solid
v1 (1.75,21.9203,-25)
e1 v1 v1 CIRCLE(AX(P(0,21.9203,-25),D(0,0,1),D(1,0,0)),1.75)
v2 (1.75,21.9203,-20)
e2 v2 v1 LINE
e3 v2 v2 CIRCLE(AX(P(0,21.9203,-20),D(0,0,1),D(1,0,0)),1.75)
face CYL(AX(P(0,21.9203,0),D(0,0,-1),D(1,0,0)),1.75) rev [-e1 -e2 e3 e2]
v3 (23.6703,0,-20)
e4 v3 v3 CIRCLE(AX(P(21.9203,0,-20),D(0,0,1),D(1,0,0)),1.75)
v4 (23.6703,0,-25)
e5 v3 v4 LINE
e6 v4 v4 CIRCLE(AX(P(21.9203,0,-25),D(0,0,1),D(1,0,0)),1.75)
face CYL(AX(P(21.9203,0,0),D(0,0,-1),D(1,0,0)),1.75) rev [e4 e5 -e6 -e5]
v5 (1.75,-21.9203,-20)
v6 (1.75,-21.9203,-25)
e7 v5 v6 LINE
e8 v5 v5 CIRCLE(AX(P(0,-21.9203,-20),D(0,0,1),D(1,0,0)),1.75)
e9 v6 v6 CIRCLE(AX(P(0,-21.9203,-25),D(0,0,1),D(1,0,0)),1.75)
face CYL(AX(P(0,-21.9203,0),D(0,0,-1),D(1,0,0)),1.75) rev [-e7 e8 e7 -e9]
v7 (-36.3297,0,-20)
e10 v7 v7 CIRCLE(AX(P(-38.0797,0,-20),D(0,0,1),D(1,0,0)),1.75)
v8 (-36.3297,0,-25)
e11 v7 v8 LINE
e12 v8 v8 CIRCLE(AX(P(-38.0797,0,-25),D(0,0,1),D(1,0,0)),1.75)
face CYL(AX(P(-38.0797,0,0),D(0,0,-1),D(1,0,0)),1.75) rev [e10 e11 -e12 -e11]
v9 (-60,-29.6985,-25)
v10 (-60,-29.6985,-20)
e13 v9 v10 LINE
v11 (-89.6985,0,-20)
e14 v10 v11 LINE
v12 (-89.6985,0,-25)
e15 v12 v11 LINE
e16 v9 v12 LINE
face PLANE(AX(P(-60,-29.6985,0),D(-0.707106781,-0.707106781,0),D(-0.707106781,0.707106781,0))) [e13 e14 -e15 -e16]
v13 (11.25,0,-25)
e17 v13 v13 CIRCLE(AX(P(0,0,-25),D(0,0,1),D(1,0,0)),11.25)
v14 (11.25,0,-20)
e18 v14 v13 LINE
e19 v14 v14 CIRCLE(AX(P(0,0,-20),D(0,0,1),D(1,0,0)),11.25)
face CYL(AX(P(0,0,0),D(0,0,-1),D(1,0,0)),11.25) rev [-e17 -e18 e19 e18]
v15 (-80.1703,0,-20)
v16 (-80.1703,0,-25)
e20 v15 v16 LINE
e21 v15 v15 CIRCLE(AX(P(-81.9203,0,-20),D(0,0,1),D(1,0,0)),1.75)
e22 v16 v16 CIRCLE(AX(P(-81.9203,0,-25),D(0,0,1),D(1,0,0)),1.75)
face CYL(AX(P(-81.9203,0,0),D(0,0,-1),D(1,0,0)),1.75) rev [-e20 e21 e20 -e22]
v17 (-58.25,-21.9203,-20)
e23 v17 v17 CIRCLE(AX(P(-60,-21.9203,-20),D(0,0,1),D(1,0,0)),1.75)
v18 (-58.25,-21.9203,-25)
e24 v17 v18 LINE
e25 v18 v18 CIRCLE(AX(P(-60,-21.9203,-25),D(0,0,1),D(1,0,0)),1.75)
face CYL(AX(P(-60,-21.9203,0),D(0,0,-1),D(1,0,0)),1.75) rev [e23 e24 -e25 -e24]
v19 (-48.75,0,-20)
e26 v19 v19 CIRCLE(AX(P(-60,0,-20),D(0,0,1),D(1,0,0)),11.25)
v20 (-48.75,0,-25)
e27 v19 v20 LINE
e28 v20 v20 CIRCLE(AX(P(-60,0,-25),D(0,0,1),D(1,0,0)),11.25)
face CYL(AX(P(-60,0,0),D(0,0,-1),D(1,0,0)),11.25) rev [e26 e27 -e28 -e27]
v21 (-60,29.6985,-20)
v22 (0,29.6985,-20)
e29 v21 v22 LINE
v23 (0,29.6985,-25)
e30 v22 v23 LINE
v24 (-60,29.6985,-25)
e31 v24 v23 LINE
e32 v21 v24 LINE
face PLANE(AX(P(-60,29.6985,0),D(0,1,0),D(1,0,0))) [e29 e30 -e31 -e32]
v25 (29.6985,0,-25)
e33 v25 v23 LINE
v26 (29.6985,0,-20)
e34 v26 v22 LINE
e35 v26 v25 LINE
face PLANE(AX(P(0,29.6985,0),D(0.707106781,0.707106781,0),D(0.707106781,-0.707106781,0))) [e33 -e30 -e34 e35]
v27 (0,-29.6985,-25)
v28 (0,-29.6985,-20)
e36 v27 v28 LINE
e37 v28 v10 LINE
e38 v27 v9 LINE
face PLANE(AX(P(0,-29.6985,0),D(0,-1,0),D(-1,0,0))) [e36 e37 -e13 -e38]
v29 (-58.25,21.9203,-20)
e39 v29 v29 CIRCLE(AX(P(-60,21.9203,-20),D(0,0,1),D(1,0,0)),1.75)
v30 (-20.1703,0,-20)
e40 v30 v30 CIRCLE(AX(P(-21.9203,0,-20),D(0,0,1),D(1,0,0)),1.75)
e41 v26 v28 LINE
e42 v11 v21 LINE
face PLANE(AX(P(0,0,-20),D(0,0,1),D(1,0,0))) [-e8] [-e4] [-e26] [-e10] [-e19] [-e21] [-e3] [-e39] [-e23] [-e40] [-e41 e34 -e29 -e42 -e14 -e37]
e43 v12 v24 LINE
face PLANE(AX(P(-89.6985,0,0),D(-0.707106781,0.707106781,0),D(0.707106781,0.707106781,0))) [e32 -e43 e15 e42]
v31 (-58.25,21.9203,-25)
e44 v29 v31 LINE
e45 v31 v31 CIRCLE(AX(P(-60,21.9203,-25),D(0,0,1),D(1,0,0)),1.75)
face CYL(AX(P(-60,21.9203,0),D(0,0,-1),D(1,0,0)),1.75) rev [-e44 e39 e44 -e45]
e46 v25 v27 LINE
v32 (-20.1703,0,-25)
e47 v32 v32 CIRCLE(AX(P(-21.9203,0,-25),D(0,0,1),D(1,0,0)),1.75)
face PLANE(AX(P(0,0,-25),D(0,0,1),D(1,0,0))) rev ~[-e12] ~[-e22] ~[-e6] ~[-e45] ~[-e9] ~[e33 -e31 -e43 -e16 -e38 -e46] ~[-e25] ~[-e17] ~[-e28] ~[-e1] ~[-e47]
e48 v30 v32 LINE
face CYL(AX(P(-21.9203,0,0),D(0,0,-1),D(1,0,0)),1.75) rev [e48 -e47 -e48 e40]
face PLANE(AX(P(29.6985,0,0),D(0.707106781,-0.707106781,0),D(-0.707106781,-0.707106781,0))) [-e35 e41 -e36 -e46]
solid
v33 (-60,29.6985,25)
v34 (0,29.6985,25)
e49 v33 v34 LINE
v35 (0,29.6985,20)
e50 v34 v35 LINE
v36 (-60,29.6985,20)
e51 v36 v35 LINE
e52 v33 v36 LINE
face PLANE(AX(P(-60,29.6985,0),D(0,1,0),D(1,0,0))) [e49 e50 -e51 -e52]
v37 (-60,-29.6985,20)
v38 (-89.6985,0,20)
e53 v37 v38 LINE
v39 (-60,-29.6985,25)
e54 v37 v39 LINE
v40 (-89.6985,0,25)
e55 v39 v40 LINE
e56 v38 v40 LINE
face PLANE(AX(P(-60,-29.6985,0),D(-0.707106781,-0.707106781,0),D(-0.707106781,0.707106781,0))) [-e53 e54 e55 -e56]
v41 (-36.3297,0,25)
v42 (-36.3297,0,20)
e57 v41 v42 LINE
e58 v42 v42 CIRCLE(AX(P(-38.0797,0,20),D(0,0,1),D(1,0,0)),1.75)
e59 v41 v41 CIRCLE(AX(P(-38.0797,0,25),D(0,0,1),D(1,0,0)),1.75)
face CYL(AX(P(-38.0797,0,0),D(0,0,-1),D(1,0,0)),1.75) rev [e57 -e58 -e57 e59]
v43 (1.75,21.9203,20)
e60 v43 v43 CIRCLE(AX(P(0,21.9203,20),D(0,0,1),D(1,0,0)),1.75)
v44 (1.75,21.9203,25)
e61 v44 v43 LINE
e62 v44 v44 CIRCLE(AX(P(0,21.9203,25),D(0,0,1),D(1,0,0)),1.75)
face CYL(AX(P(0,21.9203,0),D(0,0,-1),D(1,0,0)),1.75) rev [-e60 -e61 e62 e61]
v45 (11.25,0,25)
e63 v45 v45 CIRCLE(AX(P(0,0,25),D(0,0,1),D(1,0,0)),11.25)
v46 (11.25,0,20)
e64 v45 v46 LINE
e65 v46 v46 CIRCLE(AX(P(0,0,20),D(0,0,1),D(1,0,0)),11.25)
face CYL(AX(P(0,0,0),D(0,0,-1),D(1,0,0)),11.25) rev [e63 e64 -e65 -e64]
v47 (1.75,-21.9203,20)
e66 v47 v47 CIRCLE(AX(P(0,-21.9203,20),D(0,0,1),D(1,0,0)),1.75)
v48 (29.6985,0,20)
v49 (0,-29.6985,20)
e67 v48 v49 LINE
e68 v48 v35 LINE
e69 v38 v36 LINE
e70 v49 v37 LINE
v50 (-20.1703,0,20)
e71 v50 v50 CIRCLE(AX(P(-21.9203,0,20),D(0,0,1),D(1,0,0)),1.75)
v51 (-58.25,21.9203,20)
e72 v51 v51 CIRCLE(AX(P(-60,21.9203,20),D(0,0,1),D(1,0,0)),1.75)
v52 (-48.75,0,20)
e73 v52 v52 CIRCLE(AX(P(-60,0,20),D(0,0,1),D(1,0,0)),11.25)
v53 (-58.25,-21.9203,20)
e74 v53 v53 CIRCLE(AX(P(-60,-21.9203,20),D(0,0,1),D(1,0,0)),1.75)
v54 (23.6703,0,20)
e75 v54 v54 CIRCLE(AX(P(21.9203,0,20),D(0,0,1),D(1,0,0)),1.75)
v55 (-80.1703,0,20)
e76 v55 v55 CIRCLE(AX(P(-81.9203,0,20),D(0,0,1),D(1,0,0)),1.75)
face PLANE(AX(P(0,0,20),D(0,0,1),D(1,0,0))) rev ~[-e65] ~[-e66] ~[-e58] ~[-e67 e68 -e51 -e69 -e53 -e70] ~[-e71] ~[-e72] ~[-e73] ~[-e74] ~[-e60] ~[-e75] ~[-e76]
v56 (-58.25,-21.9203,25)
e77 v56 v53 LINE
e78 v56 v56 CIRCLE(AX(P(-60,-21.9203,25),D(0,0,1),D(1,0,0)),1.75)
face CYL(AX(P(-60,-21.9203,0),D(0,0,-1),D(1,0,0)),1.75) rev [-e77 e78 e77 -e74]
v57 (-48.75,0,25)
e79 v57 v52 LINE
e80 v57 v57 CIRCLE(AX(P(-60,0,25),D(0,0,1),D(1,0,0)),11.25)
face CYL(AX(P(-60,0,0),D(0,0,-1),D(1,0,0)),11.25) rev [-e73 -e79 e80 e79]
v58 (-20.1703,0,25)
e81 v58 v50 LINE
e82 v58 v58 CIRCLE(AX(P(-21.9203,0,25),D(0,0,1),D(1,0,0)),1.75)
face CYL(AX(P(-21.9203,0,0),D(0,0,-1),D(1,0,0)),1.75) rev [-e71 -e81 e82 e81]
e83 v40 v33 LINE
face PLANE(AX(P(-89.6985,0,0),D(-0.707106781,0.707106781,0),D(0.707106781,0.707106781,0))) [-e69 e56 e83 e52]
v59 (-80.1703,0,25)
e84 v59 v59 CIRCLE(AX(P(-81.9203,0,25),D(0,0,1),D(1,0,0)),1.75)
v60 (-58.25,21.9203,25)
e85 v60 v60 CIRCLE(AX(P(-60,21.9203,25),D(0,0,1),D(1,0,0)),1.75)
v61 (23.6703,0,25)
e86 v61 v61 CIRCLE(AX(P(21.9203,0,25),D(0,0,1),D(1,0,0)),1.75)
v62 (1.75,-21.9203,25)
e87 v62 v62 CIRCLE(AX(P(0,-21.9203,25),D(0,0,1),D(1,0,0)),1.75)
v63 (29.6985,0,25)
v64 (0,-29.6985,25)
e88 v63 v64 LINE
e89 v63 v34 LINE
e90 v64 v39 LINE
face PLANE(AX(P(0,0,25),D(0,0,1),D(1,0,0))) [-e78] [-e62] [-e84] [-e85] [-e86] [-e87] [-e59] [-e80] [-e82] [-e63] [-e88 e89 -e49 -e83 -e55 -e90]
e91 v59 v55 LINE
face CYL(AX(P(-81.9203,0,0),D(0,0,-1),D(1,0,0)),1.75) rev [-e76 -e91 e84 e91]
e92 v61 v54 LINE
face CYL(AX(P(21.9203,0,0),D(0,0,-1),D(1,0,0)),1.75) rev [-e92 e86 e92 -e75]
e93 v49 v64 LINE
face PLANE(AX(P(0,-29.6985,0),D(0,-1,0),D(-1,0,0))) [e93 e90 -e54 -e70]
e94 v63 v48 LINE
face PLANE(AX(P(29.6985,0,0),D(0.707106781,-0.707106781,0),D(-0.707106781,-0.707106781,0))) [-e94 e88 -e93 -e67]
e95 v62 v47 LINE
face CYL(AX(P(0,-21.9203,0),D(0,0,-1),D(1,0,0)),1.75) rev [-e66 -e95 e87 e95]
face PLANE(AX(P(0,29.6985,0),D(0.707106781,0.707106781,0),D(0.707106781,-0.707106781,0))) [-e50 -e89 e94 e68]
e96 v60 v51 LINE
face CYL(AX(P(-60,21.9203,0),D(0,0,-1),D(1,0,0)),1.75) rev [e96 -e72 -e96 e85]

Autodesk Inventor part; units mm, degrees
ref_plane "YZ Plane" through (0, 0, 0) normal (1, 0, 0) x (0, 1, 0)
ref_plane "XZ Plane" through (0, 0, 0) normal (0, 1, 0) x (-1, 0, 0)
ref_plane "XY Plane" through (0, 0, 0) normal (0, 0, 1) x (1, 0, 0)
sketch "Sketch1" plane through (0, 0, 0) normal (0, 0, 1) x (1, 0, 0)
  circle A0 centre (0, 0) radius 5.093 construction
  circle A1 centre (99, 0) radius 74.8028 construction
  line L0 (46.3283, 53.1146) -> (-3.5862, 3.6163) construction
  line L1 (-3.5862, -3.6163) -> (46.3283, -53.1146) construction
  circle A2 centre (-60, 0) radius 5.093 construction
  line L2 (66.2044, 67.2303) -> (-62.2329, 4.5774) construction
  line L3 (66.2044, -67.2303) -> (-62.2329, -4.5774) construction
  line L4 (-60, -29.6985) -> (-89.6985, 0) construction
  line L5 (-89.6985, 0) -> (-60, 29.6985) construction
  line L6 (-60, 29.6985) -> (-30.3015, 0) construction
  line L7 (-30.3015, 0) -> (-60, -29.6985) construction
  line L8 (-29.6985, 0) -> (0, 29.6985) construction
  line L9 (0, 29.6985) -> (29.6985, 0) construction
  line L10 (29.6985, 0) -> (0, -29.6985) construction
  line L11 (0, -29.6985) -> (-29.6985, 0) construction
  circle A3 centre (-60, 0) radius 11.25
  circle A4 centre (0, 0) radius 11.25
  line L12 (-21.9203, 0) -> (0, 21.9203) construction
  line L13 (0, 21.9203) -> (21.9203, 0) construction
  line L14 (21.9203, 0) -> (0, -21.9203) construction
  line L15 (0, -21.9203) -> (-21.9203, 0) construction
  line L16 (-60, 21.9203) -> (-38.0797, 0) construction
  line L17 (-38.0797, 0) -> (-60, -21.9203) construction
  line L18 (-60, -21.9203) -> (-81.9203, 0) construction
  line L19 (-81.9203, 0) -> (-60, 21.9203) construction
  circle A5 centre (-81.9203, 0) radius 1.75
  circle A6 centre (-60, 21.9203) radius 1.75
  circle A7 centre (-38.0797, 0) radius 1.75
  circle A8 centre (-60, -21.9203) radius 1.75
  circle A9 centre (0, -21.9203) radius 1.75
  circle A10 centre (-21.9203, 0) radius 1.75
  circle A11 centre (0, 21.9203) radius 1.75
  circle A12 centre (21.9203, 0) radius 1.75
  line L20 (-89.6985, 0) -> (-60, 29.6985)
  line L21 (-60, 29.6985) -> (0, 29.6985)
  line L22 (0, 29.6985) -> (29.6985, 0)
  line L23 (29.6985, 0) -> (0, -29.6985)
  line L24 (0, -29.6985) -> (-60, -29.6985)
  line L25 (-60, -29.6985) -> (-89.6985, 0)
  line L26 (-9.9329, 18.9203) -> (10.7782, 18.9203)
  dimension "d0" = 10.1859
  dimension "d2" = 149.6056
  dimension "d3" = 99
  dimension "d6" = 159
  dimension "d7" = 42
  dimension "d8" = 22.5
  dimension "d9" = 22.5
  dimension "d10" = 31
  dimension "d11" = 3.5
  dimension "d17" = 3
extrude "Extrusion1" add sketch "Sketch1" along normal mid plane 50
extrude "Extrusion3" cut sketch "Sketch1" along normal mid plane 40
